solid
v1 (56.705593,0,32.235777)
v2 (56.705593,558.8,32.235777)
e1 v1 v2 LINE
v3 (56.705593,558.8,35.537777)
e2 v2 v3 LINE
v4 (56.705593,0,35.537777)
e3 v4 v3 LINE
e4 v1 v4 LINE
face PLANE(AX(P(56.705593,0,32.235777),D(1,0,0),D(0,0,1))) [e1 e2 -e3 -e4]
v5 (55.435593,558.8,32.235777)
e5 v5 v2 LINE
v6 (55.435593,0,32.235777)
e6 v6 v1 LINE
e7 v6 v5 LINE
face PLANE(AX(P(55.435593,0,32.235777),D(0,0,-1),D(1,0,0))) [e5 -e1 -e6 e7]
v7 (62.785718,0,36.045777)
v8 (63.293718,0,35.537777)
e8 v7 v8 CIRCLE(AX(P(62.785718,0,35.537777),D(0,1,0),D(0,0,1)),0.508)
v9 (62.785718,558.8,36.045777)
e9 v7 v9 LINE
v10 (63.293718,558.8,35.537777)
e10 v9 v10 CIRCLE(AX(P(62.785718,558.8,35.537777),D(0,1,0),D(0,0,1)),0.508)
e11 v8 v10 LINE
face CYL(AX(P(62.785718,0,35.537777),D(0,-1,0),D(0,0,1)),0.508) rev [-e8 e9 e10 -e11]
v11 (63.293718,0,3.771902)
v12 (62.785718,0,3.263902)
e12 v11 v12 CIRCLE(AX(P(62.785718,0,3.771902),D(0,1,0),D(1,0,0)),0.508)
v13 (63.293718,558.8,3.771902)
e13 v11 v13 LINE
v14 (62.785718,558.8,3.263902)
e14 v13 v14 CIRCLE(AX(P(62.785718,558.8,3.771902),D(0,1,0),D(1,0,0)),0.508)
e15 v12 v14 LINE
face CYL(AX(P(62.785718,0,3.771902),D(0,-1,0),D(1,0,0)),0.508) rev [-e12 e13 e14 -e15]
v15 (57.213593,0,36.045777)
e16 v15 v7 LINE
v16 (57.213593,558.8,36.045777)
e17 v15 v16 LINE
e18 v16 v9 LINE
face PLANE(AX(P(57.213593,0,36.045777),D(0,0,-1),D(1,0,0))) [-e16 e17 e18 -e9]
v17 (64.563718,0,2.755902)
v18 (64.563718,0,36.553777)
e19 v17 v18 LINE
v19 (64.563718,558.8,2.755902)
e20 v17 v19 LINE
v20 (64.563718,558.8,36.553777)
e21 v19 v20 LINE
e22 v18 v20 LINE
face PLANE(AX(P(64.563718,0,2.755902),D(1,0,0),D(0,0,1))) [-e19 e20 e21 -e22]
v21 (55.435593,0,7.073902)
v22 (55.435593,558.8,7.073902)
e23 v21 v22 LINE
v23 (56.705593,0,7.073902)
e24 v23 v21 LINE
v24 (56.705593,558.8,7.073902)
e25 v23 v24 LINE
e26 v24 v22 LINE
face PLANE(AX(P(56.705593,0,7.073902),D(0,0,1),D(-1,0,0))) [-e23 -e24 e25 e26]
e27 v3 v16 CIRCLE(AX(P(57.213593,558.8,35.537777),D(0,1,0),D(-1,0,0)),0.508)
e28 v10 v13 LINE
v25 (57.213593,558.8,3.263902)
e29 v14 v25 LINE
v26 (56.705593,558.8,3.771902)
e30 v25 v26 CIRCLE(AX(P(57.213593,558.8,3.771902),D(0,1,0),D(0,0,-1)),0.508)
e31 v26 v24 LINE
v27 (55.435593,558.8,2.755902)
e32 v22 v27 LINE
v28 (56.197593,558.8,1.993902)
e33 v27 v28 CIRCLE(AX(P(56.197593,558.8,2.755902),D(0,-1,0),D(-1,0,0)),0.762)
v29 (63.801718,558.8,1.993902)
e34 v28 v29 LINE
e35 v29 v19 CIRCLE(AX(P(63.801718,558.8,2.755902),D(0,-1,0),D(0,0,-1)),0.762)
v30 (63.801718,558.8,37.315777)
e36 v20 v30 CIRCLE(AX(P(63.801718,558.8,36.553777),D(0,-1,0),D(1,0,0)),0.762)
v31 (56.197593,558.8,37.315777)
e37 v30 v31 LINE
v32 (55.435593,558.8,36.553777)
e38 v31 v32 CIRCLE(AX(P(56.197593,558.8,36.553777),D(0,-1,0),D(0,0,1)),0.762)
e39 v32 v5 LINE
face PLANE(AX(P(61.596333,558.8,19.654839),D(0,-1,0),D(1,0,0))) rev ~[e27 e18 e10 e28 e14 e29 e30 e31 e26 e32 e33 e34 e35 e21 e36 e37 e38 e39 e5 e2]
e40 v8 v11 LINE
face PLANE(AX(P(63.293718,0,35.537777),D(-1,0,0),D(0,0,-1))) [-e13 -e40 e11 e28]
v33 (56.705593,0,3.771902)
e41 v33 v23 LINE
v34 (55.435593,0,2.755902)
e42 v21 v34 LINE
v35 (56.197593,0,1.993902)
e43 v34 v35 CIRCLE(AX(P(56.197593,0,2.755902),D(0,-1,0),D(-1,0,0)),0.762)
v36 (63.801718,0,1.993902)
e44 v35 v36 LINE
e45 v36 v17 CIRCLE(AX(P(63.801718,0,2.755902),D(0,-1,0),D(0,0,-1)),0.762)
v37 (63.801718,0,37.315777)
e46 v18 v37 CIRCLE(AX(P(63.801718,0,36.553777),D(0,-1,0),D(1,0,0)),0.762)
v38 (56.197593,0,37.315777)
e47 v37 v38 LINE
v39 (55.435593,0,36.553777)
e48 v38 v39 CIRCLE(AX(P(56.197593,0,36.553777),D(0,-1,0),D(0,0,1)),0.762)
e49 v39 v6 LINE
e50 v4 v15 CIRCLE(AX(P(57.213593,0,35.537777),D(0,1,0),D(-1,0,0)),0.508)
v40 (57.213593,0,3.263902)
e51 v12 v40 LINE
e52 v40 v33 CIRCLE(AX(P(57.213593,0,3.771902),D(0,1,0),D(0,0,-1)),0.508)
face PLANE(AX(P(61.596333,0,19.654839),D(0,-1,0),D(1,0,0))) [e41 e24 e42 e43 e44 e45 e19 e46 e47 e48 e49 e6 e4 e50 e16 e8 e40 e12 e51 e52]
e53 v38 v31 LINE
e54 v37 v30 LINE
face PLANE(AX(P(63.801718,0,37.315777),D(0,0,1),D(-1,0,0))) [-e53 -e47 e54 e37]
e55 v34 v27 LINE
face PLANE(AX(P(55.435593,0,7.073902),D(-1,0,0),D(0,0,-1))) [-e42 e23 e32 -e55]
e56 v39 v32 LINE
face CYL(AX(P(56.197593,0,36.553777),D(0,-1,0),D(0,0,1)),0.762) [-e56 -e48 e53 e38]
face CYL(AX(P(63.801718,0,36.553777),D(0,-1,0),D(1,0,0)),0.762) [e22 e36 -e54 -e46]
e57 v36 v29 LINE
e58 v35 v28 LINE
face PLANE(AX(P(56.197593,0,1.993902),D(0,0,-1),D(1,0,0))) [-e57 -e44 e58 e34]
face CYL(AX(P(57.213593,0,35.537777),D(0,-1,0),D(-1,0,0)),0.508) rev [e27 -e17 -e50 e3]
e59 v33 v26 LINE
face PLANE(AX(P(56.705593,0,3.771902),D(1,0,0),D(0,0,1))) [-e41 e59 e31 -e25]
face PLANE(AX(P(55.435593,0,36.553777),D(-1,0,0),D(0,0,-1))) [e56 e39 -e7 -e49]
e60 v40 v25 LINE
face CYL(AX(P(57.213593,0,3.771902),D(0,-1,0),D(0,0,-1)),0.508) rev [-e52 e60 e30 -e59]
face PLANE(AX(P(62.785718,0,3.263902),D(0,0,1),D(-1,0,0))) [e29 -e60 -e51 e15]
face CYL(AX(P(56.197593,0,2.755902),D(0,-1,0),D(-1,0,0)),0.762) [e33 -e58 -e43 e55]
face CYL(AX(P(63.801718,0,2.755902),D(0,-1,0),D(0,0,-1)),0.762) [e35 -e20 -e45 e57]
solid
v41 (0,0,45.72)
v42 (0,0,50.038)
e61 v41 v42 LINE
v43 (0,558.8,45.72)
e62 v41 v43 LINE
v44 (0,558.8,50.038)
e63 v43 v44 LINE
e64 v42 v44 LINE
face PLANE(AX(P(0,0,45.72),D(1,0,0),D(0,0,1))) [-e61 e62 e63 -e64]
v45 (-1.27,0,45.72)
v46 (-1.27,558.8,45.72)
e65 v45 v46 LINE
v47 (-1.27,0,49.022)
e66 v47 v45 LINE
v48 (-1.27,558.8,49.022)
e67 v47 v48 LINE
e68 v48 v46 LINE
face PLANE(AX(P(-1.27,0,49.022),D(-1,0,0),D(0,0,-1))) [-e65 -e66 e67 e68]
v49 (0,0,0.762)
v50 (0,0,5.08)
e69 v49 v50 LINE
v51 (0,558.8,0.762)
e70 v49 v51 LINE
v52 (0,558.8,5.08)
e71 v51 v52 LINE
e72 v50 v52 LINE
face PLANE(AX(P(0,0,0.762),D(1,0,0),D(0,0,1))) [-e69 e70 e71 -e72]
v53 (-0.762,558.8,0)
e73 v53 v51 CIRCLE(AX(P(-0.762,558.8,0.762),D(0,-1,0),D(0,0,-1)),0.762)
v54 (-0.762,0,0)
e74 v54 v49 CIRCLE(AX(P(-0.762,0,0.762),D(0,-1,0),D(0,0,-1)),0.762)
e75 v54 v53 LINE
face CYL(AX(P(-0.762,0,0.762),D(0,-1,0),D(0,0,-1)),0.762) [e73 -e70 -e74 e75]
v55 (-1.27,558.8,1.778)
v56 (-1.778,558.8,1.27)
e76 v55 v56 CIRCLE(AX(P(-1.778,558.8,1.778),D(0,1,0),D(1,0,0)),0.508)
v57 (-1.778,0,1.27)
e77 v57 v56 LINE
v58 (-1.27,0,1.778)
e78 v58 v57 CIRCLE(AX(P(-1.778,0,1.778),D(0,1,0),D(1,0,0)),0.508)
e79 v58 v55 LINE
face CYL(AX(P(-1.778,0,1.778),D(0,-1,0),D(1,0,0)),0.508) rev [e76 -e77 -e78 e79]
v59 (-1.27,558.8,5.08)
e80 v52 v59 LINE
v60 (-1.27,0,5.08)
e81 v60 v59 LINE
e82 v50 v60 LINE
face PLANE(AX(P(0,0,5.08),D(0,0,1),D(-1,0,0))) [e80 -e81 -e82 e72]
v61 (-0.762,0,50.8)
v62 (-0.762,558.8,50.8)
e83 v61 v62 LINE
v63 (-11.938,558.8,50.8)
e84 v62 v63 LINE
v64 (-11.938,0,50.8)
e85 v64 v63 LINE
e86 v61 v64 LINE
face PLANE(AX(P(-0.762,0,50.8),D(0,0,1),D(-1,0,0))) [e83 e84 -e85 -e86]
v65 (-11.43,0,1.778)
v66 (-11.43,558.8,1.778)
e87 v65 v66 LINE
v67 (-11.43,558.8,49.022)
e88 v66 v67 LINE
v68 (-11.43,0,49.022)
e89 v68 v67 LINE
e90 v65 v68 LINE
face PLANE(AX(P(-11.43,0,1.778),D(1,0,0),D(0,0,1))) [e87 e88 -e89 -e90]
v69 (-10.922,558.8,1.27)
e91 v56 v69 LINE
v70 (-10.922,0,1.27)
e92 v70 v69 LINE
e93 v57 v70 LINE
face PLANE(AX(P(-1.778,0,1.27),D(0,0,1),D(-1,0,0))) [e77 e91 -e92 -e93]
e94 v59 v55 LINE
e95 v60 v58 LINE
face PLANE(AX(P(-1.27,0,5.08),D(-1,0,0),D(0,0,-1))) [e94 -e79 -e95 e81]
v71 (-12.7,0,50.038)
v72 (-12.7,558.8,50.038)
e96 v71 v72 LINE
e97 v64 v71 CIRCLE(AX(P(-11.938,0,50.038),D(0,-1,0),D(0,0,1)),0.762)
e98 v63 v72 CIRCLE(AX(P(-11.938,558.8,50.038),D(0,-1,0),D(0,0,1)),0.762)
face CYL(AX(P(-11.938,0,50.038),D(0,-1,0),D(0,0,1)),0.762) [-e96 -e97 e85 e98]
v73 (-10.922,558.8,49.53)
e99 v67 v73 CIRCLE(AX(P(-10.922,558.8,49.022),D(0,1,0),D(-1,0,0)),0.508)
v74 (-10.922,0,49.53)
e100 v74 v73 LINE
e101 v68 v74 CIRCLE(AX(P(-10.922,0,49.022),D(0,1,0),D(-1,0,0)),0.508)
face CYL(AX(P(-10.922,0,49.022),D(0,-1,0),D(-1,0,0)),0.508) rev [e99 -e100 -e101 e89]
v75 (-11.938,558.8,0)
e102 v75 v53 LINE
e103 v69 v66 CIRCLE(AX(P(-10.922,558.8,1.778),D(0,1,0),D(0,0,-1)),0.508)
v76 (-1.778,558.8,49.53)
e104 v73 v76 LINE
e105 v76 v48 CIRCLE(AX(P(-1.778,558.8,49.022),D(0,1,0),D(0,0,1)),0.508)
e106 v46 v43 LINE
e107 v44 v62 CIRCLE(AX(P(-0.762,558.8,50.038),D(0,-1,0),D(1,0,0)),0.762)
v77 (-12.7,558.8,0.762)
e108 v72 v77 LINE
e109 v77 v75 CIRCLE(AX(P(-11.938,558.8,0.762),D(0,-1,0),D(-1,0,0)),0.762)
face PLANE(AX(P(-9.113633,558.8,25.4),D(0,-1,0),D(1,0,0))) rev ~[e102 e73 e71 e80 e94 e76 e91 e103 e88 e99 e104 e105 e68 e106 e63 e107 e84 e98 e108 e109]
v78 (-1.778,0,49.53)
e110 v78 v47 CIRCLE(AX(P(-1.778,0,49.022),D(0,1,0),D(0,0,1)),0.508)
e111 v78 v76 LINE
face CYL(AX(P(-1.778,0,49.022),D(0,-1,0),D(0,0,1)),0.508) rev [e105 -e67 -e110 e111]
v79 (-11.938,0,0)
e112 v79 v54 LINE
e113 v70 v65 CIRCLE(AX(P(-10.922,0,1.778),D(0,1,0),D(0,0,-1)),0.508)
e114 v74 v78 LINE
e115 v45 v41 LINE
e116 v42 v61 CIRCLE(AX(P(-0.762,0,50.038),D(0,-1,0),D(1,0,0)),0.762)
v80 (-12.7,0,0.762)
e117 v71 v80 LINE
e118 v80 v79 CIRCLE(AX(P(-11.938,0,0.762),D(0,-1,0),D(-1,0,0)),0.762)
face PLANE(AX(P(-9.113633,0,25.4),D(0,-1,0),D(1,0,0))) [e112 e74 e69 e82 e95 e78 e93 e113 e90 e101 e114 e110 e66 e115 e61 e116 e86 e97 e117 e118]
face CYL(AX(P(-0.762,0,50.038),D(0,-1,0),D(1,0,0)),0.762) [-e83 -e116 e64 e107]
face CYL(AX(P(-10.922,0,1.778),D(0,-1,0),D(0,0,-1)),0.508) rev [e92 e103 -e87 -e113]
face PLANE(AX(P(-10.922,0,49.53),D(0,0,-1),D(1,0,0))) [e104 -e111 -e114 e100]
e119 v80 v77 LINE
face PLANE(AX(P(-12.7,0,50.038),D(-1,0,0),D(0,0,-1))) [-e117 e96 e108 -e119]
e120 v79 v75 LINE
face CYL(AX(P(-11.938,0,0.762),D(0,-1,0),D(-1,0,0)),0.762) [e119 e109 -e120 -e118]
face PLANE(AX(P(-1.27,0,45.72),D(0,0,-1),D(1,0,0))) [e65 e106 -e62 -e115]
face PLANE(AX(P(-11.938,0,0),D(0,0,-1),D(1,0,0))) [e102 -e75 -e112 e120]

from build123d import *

# Parameters (mm, degrees)
F1_DEPTH = 558.8
F3_DEPTH = 558.8


with BuildPart() as f1:
    # F0 (on Front) → F1 (new body)
    with BuildSketch(Plane.XZ):
        with BuildLine():
            Line((-0.762, 50.8), (-11.938, 50.8))
            ThreePointArc((-11.938, 50.8), (-12.4768153673, 50.5768153673), (-12.7, 50.038))
            Line((-12.7, 50.038), (-12.7, 0.762))
            ThreePointArc((-12.7, 0.762), (-12.4768153673, 0.2231846327), (-11.938, 0))
            Line((-11.938, 0), (-0.762, 0))
            ThreePointArc((-0.762, 0), (-0.2231846327, 0.2231846327), (0, 0.762))
            Line((0, 0.762), (0, 5.08))
            Line((0, 5.08), (-1.27, 5.08))
            Line((-1.27, 5.08), (-1.27, 1.778))
            ThreePointArc((-1.27, 1.778), (-1.4187897552, 1.4187897552), (-1.778, 1.27))
            Line((-1.778, 1.27), (-10.922, 1.27))
            ThreePointArc((-10.922, 1.27), (-11.2812102448, 1.4187897552), (-11.43, 1.778))
            Line((-11.43, 1.778), (-11.43, 49.022))
            ThreePointArc((-11.43, 49.022), (-11.2812102448, 49.3812102448), (-10.922, 49.53))
            Line((-10.922, 49.53), (-1.778, 49.53))
            ThreePointArc((-1.778, 49.53), (-1.4187897552, 49.3812102448), (-1.27, 49.022))
            Line((-1.27, 49.022), (-1.27, 45.72))
            Line((-1.27, 45.72), (0, 45.72))
            Line((0, 45.72), (0, 50.038))
            ThreePointArc((0, 50.038), (-0.2231846327, 50.5768153673), (-0.762, 50.8))
        make_face()
    extrude(amount=-F1_DEPTH)


with BuildPart() as f3:
    # F2 (on Front) → F3 (new body, through all)
    with BuildSketch(Plane.XZ):
        with BuildLine():
            Line((55.4355934913, 36.5537767948), (55.4355934913, 32.2357767948))
            Line((55.4355934913, 32.2357767948), (56.7055934913, 32.2357767948))
            Line((56.7055934913, 32.2357767948), (56.7055934913, 35.5377767948))
            ThreePointArc((56.7055934913, 35.5377767948), (56.8543832465, 35.8969870396), (57.2135934913, 36.0457767948))
            Line((57.2135934913, 36.0457767948), (62.7857184913, 36.0457767948))
            ThreePointArc((62.7857184913, 36.0457767948), (63.1449287362, 35.8969870396), (63.2937184913, 35.5377767948))
            Line((63.2937184913, 35.5377767948), (63.2937184913, 3.7719017948))
            ThreePointArc((63.2937184913, 3.7719017948), (63.1449287362, 3.4126915499), (62.7857184913, 3.2639017948))
            Line((62.7857184913, 3.2639017948), (57.2135934913, 3.2639017948))
            ThreePointArc((57.2135934913, 3.2639017948), (56.8543832465, 3.4126915499), (56.7055934913, 3.7719017948))
            Line((56.7055934913, 3.7719017948), (56.7055934913, 7.0739017948))
            Line((56.7055934913, 7.0739017948), (55.4355934913, 7.0739017948))
            Line((55.4355934913, 7.0739017948), (55.4355934913, 2.7559017948))
            ThreePointArc((55.4355934913, 2.7559017948), (55.6587781241, 2.2170864275), (56.1975934913, 1.9939017948))
            Line((56.1975934913, 1.9939017948), (63.8017184913, 1.9939017948))
            ThreePointArc((63.8017184913, 1.9939017948), (64.3405338586, 2.2170864275), (64.5637184913, 2.7559017948))
            Line((64.5637184913, 2.7559017948), (64.5637184913, 36.5537767948))
            ThreePointArc((64.5637184913, 36.5537767948), (64.3405338586, 37.092592162), (63.8017184913, 37.3157767948))
            Line((63.8017184913, 37.3157767948), (56.1975934913, 37.3157767948))
            ThreePointArc((56.1975934913, 37.3157767948), (55.6587781241, 37.092592162), (55.4355934913, 36.5537767948))
        make_face()
    extrude(amount=-F3_DEPTH)


solid = Compound([f1.part, f3.part])
